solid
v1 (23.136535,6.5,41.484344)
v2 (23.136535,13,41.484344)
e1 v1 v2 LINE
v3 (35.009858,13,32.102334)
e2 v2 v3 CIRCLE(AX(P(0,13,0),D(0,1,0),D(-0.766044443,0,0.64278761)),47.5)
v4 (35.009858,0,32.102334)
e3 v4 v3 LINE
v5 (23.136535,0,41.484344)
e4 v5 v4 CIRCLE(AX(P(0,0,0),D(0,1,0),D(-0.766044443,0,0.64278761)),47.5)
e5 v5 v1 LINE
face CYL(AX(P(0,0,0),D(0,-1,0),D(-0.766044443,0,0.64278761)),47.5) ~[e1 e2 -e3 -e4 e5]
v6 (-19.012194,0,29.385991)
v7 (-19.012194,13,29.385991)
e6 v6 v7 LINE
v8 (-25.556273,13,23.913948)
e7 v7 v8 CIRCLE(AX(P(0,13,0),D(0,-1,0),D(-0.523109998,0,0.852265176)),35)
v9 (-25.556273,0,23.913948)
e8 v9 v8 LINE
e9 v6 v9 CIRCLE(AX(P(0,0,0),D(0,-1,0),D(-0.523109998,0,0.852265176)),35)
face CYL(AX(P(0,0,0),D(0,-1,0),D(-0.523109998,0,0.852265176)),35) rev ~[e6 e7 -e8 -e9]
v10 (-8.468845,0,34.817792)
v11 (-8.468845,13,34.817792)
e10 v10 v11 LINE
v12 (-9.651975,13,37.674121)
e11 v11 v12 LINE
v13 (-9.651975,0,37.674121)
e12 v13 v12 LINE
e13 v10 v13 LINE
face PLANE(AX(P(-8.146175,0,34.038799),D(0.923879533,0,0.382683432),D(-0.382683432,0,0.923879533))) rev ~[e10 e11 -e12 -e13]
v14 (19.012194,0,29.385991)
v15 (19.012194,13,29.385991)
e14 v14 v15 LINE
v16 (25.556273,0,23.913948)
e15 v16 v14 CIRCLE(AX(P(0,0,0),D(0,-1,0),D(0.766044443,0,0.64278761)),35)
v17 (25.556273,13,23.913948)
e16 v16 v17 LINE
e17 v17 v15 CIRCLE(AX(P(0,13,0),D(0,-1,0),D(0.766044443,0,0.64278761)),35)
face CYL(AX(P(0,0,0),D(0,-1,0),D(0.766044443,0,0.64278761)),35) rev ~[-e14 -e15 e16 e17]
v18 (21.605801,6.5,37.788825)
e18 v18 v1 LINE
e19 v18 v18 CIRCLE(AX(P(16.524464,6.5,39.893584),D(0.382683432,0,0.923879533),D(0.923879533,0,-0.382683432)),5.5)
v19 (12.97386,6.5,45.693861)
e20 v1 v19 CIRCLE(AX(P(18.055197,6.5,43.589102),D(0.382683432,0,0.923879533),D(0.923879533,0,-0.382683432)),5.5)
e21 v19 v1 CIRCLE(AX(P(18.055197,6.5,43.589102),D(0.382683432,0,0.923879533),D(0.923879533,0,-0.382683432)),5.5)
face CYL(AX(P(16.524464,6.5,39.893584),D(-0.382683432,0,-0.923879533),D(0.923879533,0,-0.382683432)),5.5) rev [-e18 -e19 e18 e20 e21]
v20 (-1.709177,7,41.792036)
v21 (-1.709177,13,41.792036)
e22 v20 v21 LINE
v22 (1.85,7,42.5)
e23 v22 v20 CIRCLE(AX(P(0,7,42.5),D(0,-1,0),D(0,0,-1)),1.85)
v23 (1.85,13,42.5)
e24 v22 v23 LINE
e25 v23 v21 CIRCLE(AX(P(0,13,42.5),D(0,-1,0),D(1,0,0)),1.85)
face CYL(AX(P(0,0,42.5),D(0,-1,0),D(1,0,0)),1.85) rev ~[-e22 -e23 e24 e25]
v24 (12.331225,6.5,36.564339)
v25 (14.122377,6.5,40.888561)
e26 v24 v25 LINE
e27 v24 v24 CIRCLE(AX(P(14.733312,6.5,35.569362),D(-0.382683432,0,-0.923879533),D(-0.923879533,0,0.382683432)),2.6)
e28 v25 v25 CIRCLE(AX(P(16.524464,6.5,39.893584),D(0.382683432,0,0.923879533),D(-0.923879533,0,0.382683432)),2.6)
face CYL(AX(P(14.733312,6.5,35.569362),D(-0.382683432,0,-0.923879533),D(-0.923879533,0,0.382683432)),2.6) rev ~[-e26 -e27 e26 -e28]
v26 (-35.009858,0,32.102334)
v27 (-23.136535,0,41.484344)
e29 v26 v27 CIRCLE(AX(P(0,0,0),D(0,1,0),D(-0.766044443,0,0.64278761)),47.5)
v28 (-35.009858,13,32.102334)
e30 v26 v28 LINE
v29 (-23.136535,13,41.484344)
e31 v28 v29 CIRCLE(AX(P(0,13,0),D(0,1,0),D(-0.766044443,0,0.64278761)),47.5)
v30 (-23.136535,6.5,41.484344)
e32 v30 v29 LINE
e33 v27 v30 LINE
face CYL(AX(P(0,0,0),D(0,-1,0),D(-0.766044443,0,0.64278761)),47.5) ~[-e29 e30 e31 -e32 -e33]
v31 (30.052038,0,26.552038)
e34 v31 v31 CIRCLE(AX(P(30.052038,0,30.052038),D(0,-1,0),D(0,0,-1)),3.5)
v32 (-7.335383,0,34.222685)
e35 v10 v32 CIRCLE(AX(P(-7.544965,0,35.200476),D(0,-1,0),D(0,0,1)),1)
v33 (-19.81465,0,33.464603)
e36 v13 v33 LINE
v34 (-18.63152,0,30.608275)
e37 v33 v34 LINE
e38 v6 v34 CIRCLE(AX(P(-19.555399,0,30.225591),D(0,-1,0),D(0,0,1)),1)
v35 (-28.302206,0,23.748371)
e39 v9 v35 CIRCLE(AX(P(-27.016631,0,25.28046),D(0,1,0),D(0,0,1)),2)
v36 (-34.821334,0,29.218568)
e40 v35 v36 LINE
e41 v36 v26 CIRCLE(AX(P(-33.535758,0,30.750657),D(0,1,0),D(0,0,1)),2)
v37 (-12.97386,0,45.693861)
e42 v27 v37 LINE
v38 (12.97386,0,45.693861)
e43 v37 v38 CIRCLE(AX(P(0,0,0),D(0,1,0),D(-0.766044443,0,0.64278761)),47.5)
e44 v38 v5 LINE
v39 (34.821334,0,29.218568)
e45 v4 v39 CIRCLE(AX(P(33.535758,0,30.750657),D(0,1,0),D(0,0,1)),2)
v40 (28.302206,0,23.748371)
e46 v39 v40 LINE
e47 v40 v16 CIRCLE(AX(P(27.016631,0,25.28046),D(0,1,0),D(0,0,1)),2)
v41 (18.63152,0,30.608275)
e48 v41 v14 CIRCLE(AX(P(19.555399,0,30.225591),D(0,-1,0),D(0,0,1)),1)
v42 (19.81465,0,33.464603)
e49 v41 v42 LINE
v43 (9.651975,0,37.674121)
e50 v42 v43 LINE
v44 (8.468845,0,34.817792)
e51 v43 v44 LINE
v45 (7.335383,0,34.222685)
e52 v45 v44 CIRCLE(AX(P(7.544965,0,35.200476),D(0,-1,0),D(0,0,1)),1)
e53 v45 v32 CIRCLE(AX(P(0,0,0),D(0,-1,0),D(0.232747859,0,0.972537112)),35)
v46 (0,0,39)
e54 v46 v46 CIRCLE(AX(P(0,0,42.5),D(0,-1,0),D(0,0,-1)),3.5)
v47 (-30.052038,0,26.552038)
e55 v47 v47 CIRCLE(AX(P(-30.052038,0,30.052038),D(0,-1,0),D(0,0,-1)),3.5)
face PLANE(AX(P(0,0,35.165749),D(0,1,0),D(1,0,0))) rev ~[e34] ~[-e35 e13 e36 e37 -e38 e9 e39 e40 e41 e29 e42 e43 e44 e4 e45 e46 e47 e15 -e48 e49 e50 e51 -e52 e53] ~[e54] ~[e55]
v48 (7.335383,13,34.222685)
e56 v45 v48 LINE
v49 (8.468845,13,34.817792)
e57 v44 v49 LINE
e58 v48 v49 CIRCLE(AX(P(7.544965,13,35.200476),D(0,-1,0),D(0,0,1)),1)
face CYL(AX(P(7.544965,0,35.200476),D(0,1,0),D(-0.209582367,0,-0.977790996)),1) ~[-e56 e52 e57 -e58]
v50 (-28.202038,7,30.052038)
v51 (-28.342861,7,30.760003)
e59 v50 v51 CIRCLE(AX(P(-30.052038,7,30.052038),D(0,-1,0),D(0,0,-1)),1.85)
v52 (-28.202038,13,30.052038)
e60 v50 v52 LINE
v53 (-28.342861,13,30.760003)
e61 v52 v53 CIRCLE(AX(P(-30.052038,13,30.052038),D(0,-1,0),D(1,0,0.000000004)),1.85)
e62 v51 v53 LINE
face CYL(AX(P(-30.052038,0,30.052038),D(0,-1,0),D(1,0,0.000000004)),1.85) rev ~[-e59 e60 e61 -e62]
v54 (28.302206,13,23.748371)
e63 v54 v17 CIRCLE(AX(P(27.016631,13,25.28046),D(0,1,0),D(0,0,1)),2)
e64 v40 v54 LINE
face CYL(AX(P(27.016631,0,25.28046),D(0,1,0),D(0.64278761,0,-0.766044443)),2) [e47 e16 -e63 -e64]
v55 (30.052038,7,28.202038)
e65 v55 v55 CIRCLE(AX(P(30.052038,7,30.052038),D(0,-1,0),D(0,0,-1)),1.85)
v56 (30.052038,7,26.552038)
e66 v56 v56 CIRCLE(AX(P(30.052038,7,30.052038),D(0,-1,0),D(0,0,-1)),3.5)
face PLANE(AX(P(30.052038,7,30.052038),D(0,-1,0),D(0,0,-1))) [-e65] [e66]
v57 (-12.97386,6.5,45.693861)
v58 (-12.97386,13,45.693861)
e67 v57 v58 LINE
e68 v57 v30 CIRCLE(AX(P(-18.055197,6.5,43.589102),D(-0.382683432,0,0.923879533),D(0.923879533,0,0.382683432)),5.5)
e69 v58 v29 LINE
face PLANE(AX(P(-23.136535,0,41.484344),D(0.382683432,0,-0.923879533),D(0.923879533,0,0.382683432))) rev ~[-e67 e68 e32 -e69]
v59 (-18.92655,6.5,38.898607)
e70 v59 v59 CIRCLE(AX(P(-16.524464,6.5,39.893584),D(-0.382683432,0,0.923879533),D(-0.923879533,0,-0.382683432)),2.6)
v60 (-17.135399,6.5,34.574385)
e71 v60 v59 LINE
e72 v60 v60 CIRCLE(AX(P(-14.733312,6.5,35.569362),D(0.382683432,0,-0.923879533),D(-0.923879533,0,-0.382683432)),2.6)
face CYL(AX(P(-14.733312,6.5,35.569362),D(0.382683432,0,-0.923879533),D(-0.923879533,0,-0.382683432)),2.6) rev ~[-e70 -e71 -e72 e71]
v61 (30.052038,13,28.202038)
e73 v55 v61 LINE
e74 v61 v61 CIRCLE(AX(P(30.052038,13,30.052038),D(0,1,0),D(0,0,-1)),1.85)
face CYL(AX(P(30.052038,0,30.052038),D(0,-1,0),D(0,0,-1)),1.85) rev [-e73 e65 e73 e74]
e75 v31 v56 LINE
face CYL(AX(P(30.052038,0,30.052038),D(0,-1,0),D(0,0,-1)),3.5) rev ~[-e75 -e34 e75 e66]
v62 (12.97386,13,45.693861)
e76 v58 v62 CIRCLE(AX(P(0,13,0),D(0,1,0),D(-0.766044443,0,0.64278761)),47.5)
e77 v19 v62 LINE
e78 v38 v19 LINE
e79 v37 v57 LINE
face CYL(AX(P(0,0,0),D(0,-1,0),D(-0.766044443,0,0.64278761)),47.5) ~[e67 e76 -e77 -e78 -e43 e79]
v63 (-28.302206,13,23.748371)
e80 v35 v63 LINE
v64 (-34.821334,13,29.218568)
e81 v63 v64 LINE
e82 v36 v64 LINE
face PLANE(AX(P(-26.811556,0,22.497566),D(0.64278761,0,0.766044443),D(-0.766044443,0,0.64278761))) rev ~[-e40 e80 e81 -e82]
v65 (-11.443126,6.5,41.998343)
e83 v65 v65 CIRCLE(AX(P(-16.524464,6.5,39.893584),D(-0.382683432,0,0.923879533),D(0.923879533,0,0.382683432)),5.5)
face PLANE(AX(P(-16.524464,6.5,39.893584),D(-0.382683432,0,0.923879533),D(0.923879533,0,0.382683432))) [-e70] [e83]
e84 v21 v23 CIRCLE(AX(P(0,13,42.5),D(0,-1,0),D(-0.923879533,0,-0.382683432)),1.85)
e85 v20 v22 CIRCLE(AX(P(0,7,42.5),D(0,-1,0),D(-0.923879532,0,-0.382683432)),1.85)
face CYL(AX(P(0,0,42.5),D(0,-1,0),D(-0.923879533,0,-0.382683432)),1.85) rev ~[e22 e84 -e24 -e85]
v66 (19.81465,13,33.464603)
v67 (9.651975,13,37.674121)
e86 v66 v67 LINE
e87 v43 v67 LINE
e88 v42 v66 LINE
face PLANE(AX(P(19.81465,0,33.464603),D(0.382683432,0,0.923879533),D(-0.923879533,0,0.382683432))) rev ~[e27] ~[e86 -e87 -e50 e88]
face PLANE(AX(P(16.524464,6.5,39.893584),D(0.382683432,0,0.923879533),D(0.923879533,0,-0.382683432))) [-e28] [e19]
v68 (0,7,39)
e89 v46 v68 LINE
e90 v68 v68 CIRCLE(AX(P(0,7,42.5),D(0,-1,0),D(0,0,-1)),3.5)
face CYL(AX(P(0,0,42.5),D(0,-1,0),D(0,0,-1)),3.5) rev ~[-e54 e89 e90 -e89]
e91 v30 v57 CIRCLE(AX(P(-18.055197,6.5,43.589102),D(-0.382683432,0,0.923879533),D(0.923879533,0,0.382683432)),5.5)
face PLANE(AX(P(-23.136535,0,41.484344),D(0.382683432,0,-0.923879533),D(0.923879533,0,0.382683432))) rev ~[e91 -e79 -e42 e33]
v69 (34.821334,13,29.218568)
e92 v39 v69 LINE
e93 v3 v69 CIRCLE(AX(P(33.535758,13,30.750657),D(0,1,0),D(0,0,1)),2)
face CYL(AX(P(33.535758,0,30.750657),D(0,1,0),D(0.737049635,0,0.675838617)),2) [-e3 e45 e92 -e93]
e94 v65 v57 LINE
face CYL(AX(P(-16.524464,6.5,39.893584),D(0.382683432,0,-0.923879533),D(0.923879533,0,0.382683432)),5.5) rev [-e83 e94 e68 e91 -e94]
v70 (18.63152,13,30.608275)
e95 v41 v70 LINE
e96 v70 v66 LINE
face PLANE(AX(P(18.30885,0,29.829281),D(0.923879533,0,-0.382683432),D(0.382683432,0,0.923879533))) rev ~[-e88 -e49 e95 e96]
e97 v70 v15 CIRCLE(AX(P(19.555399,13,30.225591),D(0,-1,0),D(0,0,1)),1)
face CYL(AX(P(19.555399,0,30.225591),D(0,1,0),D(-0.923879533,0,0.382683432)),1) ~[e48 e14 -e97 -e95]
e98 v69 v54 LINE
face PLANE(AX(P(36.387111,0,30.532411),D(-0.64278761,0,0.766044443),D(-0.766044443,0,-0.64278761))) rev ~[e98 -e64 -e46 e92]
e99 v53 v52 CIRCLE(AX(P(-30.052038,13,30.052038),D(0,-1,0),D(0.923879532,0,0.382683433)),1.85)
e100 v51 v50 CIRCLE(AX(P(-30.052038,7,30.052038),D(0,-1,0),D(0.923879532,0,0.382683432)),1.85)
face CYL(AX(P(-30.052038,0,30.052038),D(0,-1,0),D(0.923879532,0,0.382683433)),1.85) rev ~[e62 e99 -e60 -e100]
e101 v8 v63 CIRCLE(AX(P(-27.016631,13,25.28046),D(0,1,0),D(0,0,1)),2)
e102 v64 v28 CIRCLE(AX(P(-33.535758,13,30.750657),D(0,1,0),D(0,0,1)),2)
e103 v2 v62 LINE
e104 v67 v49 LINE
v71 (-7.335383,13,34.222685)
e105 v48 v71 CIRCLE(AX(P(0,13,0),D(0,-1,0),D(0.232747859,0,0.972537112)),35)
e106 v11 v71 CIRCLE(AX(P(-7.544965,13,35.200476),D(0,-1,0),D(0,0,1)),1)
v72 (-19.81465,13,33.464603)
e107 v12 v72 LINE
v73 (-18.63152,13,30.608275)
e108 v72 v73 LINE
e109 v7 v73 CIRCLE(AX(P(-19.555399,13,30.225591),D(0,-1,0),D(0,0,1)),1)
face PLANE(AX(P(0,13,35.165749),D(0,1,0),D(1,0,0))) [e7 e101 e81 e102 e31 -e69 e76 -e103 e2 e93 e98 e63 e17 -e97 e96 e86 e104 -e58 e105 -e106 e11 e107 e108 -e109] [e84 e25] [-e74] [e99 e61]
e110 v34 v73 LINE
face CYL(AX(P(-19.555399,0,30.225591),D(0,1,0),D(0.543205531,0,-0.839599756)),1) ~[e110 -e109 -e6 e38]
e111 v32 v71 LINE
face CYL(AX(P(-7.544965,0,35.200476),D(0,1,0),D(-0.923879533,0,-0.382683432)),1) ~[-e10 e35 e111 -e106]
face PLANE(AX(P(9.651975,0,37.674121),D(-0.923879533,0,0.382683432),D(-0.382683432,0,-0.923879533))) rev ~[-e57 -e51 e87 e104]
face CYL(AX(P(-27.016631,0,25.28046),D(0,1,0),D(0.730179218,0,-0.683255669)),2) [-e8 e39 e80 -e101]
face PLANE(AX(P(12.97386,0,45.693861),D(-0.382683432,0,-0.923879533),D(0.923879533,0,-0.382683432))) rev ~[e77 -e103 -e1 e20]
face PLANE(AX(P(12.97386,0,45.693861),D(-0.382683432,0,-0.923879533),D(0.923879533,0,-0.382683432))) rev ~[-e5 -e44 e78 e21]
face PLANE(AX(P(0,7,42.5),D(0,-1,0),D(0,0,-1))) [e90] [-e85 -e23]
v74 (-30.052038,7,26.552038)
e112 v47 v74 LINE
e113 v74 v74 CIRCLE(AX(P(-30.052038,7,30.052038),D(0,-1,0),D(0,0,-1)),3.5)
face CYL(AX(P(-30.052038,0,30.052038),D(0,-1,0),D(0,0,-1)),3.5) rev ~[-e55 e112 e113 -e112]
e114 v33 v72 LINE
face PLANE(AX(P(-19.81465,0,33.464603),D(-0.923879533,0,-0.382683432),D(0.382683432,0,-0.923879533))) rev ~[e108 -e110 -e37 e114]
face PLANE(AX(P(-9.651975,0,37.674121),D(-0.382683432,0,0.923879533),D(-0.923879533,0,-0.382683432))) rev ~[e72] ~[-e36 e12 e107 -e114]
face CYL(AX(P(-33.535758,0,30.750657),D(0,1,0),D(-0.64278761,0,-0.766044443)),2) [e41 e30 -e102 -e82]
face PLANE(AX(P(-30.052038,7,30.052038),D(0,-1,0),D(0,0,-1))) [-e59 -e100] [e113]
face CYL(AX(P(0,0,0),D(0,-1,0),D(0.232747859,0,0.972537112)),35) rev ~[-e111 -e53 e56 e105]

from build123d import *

# Parameters (mm, degrees)
SKETCH_1_R          = 1.85
EXTRUDE_1_DEPTH     = 13
SKETCH_2_R          = 2.6
CUT_EXTRUDE_1_DEPTH = 10
SKETCH_3_R          = 2.6
CUT_EXTRUDE_2_DEPTH = 10
FILLET_1_R          = 2
FILLET_2_R          = 1
SKETCH_4_R          = 3.5
SKETCH_4_R_2        = 1.85
CUT_EXTRUDE_3_DEPTH = 7
CUT_EXTRUDE_5_DEPTH = 61.729236251
CUT_EXTRUDE_START   = -4
SKETCH_6_R          = 5.5
SKETCH_6_R_2        = 2.6
CUT_EXTRUDE_6_DEPTH = 4
SKETCH_7_R          = 5.5
SKETCH_7_R_2        = 2.6
CUT_EXTRUDE_7_DEPTH = 4


with BuildPart() as part:
    # 草图1 → 凸台-拉伸1 (new body)
    with BuildSketch(Plane(origin=(0, 0, 0), x_dir=(1, 0, 0), z_dir=(0, 1, 0))):
        with BuildLine():
            ThreePointArc((-18.308849916, -29.829281164), (-22.856098901, -26.50657924), (-26.811555509, -22.497566339))
            Line((-26.811555509, -22.497566339), (-36.387111048, -30.53241146))
            ThreePointArc((-36.387111048, -30.53241146), (0, -47.5), (36.387111048, -30.53241146))
            Line((36.387111048, -30.53241146), (26.811555509, -22.497566339))
            ThreePointArc((26.811555509, -22.497566339), (22.856098901, -26.50657924), (18.308849916, -29.829281164))
            Line((18.308849916, -29.829281164), (19.814649575, -33.464603124))
            Line((19.814649575, -33.464603124), (9.651974717, -37.67412088))
            Line((9.651974717, -37.67412088), (8.146175058, -34.03879892))
            ThreePointArc((8.146175058, -34.03879892), (0, -35), (-8.146175058, -34.03879892))
            Line((-8.146175058, -34.03879892), (-9.651974717, -37.67412088))
            Line((-9.651974717, -37.67412088), (-19.814649575, -33.464603124))
            Line((-19.814649575, -33.464603124), (-18.308849916, -29.829281164))
        make_face()
        with BuildLine():
            ThreePointArc((-28.2020382, -30.0520382), (-28.237585432, -30.412955296), (-28.342861065, -30.76000255))
            ThreePointArc((-28.342861065, -30.76000255), (-31.866490969, -29.691121105), (-28.2020382, -30.0520382))
        make_face(mode=Mode.SUBTRACT)
        with BuildLine():
            ThreePointArc((1.85, -42.5), (-0.360917096, -44.314452769), (-1.709177135, -41.79203565))
            ThreePointArc((-1.709177135, -41.79203565), (0.360917096, -40.685547231), (1.85, -42.5))
        make_face(mode=Mode.SUBTRACT)
        with Locations(Location((30.0520382, -30.0520382, 0), (0, 0, 90))):
            Circle(SKETCH_1_R, mode=Mode.SUBTRACT)
    extrude(amount=EXTRUDE_1_DEPTH)

    # 草图2 → 切除-拉伸1 (cut)
    with BuildSketch(Plane(origin=(-14.733312146, 0, 35.569362002), x_dir=(-0.9238795325112864, 0, -0.38268343236509067), z_dir=(0.38268343236509067, 0, -0.9238795325112864))):
        with Locations((0, 6.5)):
            Circle(SKETCH_2_R)
    extrude(amount=-CUT_EXTRUDE_1_DEPTH, mode=Mode.SUBTRACT)

    # 草图3 → 切除-拉伸2 (cut)
    with BuildSketch(Plane(origin=(14.733312146, 0, 35.569362002), x_dir=(-0.9238795325112864, 0, 0.38268343236509067), z_dir=(-0.38268343236509067, 0, -0.9238795325112864))):
        with Locations((0, 6.5)):
            Circle(SKETCH_3_R)
    extrude(amount=-CUT_EXTRUDE_2_DEPTH, mode=Mode.SUBTRACT)

    # 圆角1
    fillet_1_edges = [part.edges().sort_by_distance(p)[0] for p in [
        (-26.811555509, 6.5, 22.497566339),
        (26.811555509, 6.5, 22.497566339),
        (36.387111048, 6.5, 30.53241146),
        (-36.387111048, 6.5, 30.53241146),
    ]]
    fillet(fillet_1_edges, radius=FILLET_1_R)

    # 圆角2
    fillet_2_edges = [part.edges().sort_by_distance(p)[0] for p in [
        (-18.308849916, 6.5, 29.829281164),
        (-8.146175058, 6.5, 34.03879892),
        (8.146175058, 6.5, 34.03879892),
        (18.308849916, 6.5, 29.829281164),
    ]]
    fillet(fillet_2_edges, radius=FILLET_2_R)

    # 草图4 → 切除-拉伸3 (cut)
    # profile 1 of 3: a face of its own
    with BuildSketch(Plane.XZ):
        with Locations(Location((-30.0520382, 30.0520382, 0), (0, 0, 270))):
            Circle(SKETCH_4_R)
        with Locations(Location((-30.0520382, 30.0520382, 0), (0, 0, 270))):
            Circle(SKETCH_4_R_2, mode=Mode.SUBTRACT)
    # profile 2 of 3: a face of its own
    with BuildSketch(Plane.XZ):
        with Locations(Location((0, 42.5, 0), (0, 0, 270))):
            Circle(SKETCH_4_R)
        with Locations(Location((0, 42.5, 0), (0, 0, 270))):
            Circle(SKETCH_4_R_2, mode=Mode.SUBTRACT)
    # profile 3 of 3: a face of its own
    with BuildSketch(Plane.XZ):
        with Locations(Location((30.0520382, 30.0520382, 0), (0, 0, 270))):
            Circle(SKETCH_4_R)
        with Locations(Location((30.0520382, 30.0520382, 0), (0, 0, 270))):
            Circle(SKETCH_4_R_2, mode=Mode.SUBTRACT)
    extrude(amount=-CUT_EXTRUDE_3_DEPTH, mode=Mode.SUBTRACT)

    # 草图5 → 切除-拉伸5 (cut, through all)
    with BuildSketch(Plane.XZ):
        with BuildLine():
            Line((-23.136534812, 41.484343515), (-18.055197383, 43.589102393))
            Line((-18.055197383, 43.589102393), (-18.177463037, 43.884277794))
            ThreePointArc((-18.177463037, 43.884277794), (-20.691822677, 42.756268246), (-23.136534812, 41.484343515))
        make_face()
        with BuildLine():
            Line((-18.177463037, 43.884277794), (-18.055197383, 43.589102393))
            Line((-18.055197383, 43.589102393), (-12.973859954, 45.693861271))
            ThreePointArc((-12.973859954, 45.693861271), (-15.601919085, 44.864575345), (-18.177463037, 43.884277794))
        make_face()
        with BuildLine():
            ThreePointArc((18.177463037, 43.884277794), (15.601919085, 44.864575345), (12.973859954, 45.693861271))
            Line((12.973859954, 45.693861271), (18.055197383, 43.589102393))
            Line((18.055197383, 43.589102393), (18.177463037, 43.884277794))
        make_face()
        with BuildLine():
            Line((18.177463037, 43.884277794), (18.055197383, 43.589102393))
            Line((18.055197383, 43.589102393), (23.136534812, 41.484343515))
            ThreePointArc((23.136534812, 41.484343515), (20.691822677, 42.756268246), (18.177463037, 43.884277794))
        make_face()
    extrude(amount=-CUT_EXTRUDE_5_DEPTH, mode=Mode.SUBTRACT)

    # 草图6 → 切除-拉伸6 (cut)
    with BuildSketch(Plane(origin=(-18.055197383, 0, 43.589102393), x_dir=(0.9238795325112865, 0, 0.38268343236509045), z_dir=(-0.38268343236509045, 0, 0.9238795325112865)).offset(CUT_EXTRUDE_START)):
        with Locations((0, 6.5)):
            Circle(SKETCH_6_R)
        with Locations(Location((0, 6.5, 0), (0, 0, 180))):
            Circle(SKETCH_6_R_2, mode=Mode.SUBTRACT)
    extrude(amount=CUT_EXTRUDE_6_DEPTH, mode=Mode.SUBTRACT)

    # 草图7 → 切除-拉伸7 (cut)
    with BuildSketch(Plane(origin=(18.055197383, 0, 43.589102393), x_dir=(0.9238795325112865, 0, -0.38268343236509045), z_dir=(0.38268343236509045, 0, 0.9238795325112865)).offset(CUT_EXTRUDE_START)):
        with Locations((0, 6.5)):
            Circle(SKETCH_7_R)
        with Locations(Location((0, 6.5, 0), (0, 0, 180))):
            Circle(SKETCH_7_R_2, mode=Mode.SUBTRACT)
    extrude(amount=CUT_EXTRUDE_7_DEPTH, mode=Mode.SUBTRACT)


solid = part.part
